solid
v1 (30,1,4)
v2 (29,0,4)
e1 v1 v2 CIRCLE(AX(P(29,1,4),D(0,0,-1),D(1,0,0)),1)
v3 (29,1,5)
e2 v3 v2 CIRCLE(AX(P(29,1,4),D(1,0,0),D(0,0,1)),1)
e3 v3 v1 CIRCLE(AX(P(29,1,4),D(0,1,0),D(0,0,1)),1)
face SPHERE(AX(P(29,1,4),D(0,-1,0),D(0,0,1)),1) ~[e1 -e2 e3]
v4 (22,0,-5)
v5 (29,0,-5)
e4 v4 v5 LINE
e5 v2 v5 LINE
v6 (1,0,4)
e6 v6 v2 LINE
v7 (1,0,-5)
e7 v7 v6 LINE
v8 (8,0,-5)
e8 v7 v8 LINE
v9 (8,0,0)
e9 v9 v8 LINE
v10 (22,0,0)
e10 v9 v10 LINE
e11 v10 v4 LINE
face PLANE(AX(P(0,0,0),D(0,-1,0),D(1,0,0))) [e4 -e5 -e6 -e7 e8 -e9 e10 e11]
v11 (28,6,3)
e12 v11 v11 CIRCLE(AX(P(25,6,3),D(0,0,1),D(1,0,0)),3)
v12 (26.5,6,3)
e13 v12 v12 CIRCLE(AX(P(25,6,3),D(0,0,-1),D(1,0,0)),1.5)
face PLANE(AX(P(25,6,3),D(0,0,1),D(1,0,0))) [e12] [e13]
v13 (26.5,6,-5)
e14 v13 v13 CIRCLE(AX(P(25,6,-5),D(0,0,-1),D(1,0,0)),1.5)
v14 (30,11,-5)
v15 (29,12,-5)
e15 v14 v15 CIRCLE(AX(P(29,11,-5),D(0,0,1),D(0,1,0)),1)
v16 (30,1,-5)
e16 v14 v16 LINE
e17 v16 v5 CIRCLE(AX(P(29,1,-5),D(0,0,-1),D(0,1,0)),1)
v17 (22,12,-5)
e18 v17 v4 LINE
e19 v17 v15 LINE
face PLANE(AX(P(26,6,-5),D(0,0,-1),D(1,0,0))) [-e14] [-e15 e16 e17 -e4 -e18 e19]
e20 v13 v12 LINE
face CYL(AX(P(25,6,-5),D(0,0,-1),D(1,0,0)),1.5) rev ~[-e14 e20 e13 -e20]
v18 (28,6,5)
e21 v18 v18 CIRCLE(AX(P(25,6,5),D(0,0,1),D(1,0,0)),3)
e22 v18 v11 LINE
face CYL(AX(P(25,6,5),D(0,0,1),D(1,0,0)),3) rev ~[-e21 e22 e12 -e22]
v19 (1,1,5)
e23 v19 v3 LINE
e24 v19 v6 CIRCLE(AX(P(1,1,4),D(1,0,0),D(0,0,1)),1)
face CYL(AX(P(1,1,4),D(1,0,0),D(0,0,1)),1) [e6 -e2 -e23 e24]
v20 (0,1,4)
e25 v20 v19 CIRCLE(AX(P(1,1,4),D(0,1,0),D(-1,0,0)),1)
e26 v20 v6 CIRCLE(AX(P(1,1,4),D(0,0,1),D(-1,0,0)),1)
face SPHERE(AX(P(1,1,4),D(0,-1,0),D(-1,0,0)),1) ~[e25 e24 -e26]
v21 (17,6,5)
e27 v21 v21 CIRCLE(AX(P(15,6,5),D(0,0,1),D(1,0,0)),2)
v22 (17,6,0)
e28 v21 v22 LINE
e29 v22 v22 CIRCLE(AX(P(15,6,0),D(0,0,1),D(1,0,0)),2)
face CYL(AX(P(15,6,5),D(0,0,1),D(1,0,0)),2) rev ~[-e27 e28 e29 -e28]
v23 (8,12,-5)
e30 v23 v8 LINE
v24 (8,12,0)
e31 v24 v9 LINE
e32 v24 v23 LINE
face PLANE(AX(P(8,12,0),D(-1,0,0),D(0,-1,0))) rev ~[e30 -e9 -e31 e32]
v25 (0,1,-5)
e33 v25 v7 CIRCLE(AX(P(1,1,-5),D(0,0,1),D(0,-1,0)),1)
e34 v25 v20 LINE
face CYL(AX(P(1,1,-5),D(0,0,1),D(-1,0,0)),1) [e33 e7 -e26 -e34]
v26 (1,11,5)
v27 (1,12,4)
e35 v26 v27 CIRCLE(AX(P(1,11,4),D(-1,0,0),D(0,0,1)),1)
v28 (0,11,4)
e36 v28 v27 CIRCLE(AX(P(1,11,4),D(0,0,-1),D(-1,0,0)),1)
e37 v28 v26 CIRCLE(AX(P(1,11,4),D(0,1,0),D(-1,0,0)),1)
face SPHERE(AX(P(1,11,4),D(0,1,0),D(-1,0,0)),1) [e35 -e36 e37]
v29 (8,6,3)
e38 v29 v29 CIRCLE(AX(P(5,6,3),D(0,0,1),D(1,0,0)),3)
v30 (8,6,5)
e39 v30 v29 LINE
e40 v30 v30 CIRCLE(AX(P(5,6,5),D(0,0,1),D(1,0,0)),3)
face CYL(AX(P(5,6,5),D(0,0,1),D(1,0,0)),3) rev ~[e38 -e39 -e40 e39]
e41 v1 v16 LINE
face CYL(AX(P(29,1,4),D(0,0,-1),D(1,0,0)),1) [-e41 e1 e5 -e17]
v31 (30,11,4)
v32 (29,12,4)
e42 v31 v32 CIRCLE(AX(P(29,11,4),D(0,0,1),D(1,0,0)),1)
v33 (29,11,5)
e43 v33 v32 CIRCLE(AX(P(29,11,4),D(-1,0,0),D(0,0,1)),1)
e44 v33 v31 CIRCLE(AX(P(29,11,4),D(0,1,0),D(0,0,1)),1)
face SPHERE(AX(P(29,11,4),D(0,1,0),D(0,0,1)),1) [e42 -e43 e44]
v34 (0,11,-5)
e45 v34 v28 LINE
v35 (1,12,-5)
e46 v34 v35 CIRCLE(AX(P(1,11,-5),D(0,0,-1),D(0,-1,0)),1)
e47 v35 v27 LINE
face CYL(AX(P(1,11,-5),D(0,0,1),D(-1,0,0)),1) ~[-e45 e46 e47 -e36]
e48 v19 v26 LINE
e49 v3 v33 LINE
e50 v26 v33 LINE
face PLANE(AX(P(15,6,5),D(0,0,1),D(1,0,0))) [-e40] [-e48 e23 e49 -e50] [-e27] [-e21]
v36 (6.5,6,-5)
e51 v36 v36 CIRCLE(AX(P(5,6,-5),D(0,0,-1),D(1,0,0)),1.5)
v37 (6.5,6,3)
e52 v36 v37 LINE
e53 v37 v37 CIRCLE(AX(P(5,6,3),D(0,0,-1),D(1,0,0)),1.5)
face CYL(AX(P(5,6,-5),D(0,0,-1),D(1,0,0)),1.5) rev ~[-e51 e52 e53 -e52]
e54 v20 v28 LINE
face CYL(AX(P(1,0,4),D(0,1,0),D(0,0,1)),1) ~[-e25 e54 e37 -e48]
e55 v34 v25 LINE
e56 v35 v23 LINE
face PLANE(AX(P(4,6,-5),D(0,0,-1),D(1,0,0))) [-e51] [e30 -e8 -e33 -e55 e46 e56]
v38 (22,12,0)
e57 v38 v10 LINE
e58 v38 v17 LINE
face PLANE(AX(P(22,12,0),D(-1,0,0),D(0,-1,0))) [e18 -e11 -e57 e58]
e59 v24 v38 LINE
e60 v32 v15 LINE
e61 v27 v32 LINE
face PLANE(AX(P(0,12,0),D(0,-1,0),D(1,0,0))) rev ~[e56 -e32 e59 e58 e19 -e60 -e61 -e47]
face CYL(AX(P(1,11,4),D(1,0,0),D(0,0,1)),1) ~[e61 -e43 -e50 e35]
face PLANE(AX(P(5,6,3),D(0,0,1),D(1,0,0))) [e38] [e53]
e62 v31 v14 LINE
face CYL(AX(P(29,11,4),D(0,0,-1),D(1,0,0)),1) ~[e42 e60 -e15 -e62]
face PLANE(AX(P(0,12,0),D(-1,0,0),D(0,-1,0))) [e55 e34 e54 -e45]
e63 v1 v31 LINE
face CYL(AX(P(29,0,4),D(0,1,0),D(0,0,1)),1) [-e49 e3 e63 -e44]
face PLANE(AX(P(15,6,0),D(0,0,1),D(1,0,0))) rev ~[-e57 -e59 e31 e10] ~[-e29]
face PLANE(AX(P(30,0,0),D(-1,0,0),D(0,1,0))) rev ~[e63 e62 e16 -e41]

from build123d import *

# Parameters (mm, degrees)
SKETCH_W        = 30
SKETCH_H        = 12
PAD_DEPTH       = 5
SKETCH001_R     = 2
POCKET_DEPTH    = 5
SKETCH002_W     = 8
SKETCH002_H     = 12
PAD001_DEPTH    = 5
SKETCH003_R     = 1.5
POCKET001_DEPTH = 20
SKETCH004_R     = 3
POCKET002_DEPTH = 2
FILLET_R        = 1
FILLET001_R     = 1
FILLET002_R     = 1
FILLET003_R     = 1


with BuildPart() as part:
    # Sketch → Pad (new body)
    with BuildSketch(Plane.XY):
        with Locations((15, 6)):
            Rectangle(SKETCH_W, SKETCH_H)
    extrude(amount=PAD_DEPTH)

    # Sketch001 → Pocket (cut)
    with BuildSketch(Plane.XY.offset(5)):
        with Locations((15, 6)):
            Circle(SKETCH001_R)
    extrude(amount=-POCKET_DEPTH, mode=Mode.SUBTRACT)

    # Sketch002 → Pad001 (new body)
    with BuildSketch(Plane(origin=(0, 0, 0), x_dir=(1, 0, 0), z_dir=(0, 0, -1))):
        with Locations((4, -6)):
            Rectangle(SKETCH002_W, SKETCH002_H)
        with Locations((26, -6)):
            Rectangle(SKETCH002_W, SKETCH002_H)
    extrude(amount=PAD001_DEPTH)

    # Sketch003 → Pocket001 (cut)
    with BuildSketch(Plane(origin=(0, 0, -5), x_dir=(1, 0, 0), z_dir=(0, 0, -1))):
        with Locations((5, -6)):
            Circle(SKETCH003_R)
        with Locations((25, -6)):
            Circle(SKETCH003_R)
    extrude(amount=-POCKET001_DEPTH, mode=Mode.SUBTRACT)

    # Sketch004 → Pocket002 (cut)
    with BuildSketch(Plane.XY.offset(5)):
        with Locations((5, 6)):
            Circle(SKETCH004_R)
        with Locations((25, 6)):
            Circle(SKETCH004_R)
    extrude(amount=-POCKET002_DEPTH, mode=Mode.SUBTRACT)

    # Fillet
    fillet_edges = [part.edges().sort_by_distance(p)[0] for p in [
        (30, 6, 5),
    ]]
    fillet(fillet_edges, radius=FILLET_R)

    # Fillet001
    fillet001_edges = [part.edges().sort_by_distance(p)[0] for p in [
        (0, 6, 5),
    ]]
    fillet(fillet001_edges, radius=FILLET001_R)

    # Fillet002
    fillet002_edges = [part.edges().sort_by_distance(p)[0] for p in [
        (15, 12, 5),
    ]]
    fillet(fillet002_edges, radius=FILLET002_R)

    # Fillet003
    fillet003_edges = [part.edges().sort_by_distance(p)[0] for p in [
        (15, 0, 5),
    ]]
    fillet(fillet003_edges, radius=FILLET003_R)


solid = part.part
